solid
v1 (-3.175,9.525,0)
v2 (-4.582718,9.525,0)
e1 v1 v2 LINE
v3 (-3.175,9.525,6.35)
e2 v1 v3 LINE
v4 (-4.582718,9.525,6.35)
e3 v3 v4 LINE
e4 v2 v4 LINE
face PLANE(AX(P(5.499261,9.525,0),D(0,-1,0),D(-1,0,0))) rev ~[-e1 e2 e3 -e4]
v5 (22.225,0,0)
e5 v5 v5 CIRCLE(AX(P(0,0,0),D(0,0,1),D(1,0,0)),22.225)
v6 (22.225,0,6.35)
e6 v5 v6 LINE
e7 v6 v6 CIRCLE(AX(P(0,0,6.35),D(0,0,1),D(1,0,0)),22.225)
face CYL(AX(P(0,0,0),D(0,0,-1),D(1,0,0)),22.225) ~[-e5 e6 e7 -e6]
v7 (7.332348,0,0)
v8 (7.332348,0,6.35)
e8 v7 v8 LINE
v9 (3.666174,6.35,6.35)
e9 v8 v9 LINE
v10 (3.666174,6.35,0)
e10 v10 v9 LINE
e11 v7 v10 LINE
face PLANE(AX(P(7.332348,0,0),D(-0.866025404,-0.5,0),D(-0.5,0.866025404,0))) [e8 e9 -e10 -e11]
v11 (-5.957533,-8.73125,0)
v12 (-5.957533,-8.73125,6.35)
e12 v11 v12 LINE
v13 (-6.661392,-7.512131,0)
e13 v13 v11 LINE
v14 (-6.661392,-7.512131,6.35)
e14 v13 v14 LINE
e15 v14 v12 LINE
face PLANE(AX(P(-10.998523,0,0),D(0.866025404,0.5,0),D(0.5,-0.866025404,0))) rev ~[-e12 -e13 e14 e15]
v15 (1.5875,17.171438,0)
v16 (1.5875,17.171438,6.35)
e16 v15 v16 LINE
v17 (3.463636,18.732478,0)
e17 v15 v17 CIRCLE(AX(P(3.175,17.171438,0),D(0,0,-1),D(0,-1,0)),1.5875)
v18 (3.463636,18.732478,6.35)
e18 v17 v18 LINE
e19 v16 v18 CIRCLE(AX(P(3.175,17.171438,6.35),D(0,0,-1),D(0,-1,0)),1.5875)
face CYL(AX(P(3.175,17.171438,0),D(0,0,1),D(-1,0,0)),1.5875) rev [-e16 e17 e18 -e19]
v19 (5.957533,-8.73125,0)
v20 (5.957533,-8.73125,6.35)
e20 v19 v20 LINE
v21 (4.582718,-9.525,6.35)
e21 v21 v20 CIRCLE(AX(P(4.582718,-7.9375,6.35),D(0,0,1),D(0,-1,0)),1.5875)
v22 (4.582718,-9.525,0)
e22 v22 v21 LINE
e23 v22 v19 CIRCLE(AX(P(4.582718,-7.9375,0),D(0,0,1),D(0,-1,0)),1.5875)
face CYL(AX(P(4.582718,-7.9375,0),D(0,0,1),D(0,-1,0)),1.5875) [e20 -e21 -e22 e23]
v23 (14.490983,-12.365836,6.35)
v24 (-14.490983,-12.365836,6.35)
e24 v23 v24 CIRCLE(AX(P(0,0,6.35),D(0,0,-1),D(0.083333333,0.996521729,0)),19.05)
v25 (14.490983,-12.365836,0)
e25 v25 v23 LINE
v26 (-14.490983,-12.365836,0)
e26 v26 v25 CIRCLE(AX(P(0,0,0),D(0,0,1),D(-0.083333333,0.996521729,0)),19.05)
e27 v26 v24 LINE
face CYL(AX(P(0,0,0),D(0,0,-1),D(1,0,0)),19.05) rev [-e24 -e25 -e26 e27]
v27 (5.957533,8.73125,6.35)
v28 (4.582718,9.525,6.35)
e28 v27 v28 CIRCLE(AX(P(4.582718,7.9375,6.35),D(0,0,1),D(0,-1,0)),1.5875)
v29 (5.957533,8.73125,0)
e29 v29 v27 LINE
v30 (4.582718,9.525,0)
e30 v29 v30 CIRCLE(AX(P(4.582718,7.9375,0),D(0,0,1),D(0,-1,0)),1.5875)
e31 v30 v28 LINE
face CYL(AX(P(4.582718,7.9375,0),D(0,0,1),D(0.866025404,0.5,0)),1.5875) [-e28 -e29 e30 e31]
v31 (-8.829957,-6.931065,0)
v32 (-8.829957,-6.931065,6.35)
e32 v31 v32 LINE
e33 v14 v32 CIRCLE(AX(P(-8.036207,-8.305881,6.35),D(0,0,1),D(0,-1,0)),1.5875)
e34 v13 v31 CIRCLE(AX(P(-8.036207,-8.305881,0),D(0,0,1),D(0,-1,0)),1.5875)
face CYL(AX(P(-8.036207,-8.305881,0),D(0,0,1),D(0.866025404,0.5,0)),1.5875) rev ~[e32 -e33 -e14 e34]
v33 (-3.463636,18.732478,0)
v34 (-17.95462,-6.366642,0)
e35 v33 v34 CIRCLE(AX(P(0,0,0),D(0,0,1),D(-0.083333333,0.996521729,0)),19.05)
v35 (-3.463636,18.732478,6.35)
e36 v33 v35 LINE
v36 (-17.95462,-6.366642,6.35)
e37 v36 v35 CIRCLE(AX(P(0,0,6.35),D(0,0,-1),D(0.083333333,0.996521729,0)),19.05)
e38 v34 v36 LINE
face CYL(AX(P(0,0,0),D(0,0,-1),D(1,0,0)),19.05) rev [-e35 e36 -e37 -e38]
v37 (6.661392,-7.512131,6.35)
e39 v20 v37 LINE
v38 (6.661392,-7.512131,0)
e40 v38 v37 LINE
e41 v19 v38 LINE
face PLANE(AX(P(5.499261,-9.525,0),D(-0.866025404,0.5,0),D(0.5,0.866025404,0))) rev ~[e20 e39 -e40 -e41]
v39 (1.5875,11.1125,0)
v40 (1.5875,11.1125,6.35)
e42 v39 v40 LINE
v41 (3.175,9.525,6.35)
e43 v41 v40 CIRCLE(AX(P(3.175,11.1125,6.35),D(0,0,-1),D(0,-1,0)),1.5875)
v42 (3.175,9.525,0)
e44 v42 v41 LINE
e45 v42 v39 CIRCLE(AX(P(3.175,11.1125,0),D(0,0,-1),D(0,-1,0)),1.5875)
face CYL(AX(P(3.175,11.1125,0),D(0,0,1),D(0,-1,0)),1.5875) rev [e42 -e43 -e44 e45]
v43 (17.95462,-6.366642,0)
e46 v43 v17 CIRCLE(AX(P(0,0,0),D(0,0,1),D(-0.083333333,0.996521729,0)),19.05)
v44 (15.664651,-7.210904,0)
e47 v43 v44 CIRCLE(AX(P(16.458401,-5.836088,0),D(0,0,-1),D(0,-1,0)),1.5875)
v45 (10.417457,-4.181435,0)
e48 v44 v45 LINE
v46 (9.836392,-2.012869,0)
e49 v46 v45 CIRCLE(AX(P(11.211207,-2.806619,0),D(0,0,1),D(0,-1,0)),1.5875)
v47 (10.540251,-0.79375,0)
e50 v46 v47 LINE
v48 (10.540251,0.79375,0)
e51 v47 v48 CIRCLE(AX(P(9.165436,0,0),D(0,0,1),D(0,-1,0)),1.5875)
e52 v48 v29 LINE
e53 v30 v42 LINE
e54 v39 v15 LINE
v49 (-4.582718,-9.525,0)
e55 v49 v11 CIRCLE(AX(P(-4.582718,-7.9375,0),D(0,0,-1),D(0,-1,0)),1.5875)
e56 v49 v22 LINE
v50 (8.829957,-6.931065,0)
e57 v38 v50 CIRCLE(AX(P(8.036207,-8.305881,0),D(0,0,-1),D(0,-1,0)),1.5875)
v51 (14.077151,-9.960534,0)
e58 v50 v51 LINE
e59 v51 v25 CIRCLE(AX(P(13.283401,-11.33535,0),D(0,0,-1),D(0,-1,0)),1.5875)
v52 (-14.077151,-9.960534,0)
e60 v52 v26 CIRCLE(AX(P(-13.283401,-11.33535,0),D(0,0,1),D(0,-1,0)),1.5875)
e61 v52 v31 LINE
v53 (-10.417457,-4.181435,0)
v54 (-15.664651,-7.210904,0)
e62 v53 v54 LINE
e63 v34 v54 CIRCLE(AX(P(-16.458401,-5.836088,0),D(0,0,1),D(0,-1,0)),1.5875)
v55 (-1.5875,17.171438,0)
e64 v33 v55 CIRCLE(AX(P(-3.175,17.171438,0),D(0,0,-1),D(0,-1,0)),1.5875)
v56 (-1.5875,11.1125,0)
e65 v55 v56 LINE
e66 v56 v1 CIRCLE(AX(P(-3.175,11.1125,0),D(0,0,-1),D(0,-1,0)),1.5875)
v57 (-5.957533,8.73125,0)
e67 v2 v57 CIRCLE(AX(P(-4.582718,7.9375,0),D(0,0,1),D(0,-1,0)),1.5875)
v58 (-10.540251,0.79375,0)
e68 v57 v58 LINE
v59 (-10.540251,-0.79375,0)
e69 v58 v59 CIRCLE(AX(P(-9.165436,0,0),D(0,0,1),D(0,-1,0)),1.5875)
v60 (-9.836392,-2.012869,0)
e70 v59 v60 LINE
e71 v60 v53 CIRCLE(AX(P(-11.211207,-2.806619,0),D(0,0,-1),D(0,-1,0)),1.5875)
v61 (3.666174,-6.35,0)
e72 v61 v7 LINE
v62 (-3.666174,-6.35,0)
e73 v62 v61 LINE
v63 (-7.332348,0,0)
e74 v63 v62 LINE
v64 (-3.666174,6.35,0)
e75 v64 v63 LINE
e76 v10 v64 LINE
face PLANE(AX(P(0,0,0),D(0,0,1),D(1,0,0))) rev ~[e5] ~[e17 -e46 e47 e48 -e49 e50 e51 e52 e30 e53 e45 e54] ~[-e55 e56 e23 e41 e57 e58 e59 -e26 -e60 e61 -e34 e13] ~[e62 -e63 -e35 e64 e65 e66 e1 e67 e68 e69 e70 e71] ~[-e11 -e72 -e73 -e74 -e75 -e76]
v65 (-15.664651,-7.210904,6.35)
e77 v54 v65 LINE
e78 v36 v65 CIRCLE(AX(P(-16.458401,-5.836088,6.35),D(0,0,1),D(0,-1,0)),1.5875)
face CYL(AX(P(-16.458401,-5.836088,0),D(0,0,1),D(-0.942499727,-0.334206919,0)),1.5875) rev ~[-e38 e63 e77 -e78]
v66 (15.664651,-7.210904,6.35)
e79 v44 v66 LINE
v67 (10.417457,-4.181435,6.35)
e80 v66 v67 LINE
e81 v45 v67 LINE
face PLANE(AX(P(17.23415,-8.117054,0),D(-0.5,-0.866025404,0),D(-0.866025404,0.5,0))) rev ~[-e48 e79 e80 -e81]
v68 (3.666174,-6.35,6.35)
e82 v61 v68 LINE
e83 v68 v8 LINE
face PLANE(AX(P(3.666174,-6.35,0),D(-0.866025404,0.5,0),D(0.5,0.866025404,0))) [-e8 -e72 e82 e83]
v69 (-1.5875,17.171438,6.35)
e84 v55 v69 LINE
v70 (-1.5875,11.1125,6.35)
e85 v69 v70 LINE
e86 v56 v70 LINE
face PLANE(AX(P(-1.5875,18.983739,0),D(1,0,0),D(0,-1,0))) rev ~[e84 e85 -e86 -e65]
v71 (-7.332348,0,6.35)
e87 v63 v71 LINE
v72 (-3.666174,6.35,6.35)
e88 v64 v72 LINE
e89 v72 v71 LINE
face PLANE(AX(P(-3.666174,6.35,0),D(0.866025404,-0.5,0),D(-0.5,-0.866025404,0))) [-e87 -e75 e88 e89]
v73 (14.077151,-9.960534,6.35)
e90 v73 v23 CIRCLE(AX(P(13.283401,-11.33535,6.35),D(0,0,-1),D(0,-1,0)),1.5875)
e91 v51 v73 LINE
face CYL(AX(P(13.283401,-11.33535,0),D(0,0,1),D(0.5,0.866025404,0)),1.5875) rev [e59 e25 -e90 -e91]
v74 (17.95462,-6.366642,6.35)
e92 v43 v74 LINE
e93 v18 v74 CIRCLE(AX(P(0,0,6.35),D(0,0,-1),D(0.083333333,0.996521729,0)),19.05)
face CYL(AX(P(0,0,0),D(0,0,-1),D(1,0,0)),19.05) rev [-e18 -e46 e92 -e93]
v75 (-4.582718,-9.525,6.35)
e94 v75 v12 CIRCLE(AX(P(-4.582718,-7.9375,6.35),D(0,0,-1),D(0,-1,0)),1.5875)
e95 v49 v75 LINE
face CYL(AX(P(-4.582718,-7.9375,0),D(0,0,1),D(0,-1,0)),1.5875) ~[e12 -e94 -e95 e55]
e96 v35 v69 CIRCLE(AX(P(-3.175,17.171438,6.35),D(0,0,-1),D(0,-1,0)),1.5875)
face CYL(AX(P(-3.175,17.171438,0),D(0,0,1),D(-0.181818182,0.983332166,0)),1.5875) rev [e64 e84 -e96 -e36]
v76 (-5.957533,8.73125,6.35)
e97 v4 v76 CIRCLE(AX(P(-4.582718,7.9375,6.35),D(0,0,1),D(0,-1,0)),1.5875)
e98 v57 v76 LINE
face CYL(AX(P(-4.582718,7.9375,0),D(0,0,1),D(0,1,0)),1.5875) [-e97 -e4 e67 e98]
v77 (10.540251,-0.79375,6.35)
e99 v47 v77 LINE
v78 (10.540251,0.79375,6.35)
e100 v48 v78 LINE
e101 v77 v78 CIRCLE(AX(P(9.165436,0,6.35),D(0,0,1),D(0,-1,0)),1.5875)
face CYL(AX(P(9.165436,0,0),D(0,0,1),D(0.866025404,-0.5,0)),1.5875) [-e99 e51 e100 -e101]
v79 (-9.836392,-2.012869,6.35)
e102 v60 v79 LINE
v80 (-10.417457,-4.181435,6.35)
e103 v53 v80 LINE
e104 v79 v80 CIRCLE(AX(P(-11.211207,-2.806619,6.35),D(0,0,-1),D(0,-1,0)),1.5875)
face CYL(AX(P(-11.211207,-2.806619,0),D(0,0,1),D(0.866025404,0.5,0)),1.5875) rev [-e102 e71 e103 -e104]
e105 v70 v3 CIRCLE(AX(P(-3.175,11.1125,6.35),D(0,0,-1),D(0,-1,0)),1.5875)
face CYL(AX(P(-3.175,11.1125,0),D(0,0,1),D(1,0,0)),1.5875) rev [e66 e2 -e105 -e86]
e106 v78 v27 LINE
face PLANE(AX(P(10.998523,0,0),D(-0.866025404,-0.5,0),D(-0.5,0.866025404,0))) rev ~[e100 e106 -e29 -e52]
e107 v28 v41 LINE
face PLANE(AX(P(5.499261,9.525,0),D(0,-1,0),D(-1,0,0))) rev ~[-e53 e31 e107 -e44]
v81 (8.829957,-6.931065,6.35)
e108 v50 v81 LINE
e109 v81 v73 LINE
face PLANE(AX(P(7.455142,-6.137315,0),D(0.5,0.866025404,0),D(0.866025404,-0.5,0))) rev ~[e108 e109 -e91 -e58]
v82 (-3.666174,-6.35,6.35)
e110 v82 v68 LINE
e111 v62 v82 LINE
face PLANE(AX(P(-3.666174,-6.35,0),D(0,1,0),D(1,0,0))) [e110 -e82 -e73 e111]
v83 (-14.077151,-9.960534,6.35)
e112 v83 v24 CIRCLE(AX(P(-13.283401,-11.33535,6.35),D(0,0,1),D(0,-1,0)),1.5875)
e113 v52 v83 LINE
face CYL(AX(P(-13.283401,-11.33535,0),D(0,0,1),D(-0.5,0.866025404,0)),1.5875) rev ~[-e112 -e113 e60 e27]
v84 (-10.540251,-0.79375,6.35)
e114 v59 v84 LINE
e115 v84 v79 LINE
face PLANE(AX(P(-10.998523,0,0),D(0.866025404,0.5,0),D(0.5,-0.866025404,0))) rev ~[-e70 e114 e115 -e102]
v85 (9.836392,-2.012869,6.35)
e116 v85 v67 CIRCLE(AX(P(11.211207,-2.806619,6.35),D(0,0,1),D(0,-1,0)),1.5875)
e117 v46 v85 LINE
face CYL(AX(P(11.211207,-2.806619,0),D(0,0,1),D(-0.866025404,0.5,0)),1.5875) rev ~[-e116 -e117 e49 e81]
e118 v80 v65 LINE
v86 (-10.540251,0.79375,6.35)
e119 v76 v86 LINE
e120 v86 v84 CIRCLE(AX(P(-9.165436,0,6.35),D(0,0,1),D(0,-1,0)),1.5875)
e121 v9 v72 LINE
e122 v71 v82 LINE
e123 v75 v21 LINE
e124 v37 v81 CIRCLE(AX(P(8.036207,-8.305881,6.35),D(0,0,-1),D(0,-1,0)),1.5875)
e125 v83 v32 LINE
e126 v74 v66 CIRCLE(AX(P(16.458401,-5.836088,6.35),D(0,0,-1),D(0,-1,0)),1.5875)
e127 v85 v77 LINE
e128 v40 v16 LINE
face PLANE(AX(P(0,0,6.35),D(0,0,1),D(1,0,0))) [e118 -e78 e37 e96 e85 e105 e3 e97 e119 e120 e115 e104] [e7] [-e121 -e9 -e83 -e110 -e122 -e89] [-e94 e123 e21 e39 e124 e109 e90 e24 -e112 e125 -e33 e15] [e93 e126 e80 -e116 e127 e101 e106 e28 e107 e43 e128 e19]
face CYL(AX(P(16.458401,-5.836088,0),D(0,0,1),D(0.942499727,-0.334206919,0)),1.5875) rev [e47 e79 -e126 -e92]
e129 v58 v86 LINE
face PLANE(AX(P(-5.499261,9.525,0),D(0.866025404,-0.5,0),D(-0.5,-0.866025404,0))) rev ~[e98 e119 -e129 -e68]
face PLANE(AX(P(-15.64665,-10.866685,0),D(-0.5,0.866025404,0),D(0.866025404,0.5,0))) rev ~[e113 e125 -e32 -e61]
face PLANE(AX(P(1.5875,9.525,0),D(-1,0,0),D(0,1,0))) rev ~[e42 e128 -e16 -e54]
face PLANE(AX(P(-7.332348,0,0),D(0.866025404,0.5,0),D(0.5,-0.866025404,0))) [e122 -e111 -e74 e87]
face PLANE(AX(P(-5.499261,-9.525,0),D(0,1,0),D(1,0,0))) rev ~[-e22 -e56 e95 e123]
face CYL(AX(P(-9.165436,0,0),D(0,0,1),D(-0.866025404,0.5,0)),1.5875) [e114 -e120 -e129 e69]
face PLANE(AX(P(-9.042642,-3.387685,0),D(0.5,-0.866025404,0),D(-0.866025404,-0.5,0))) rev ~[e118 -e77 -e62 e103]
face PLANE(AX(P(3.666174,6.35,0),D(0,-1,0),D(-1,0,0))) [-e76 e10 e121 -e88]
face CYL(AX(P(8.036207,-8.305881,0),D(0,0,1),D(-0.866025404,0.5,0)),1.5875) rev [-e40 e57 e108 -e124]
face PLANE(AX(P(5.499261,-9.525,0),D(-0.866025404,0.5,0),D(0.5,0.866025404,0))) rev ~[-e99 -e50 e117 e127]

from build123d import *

# Parameters (mm, degrees)
SKETCH1_R             = 22.225
SKETCH1_R_2           = 19.05
BOSS_EXTRUDE1_DEPTH   = 6.35
BOSS_EXTRUDE1_2_DEPTH = 6.35
BOSS_EXTRUDE2_DEPTH   = 6.35
CIRPATTERN1_COUNT     = 3
FILLET2_R             = 1.5875


with BuildPart() as part:
    # Sketch1 → Boss-Extrude1 (new body)
    with BuildSketch(Plane.XY):
        Circle(SKETCH1_R)
        Circle(SKETCH1_R_2, mode=Mode.SUBTRACT)
    extrude(amount=BOSS_EXTRUDE1_DEPTH)



with BuildPart() as body_2:
    # Sketch1 → Boss-Extrude1 2 (new body)
    with BuildSketch(Plane.XY):
        Polygon((-5.499261314, -9.525), (5.499261314, -9.525), (10.998522628, 0), (5.499261314, 9.525), (-5.499261314, 9.525), (-10.998522628, 0), align=None)
        Polygon((3.666174209, -6.35), (7.332348419, 0), (3.666174209, 6.35), (-3.666174209, 6.35), (-7.332348419, 0), (-3.666174209, -6.35), align=None, mode=Mode.SUBTRACT)
    extrude(amount=BOSS_EXTRUDE1_2_DEPTH)


with BuildPart() as part_1:
    add(part.part)

    add(body_2.part)  # Boss-Extrude2 merges body 2
    # Sketch4 → Boss-Extrude2 (add)
    with BuildSketch(Plane.XY):
        with BuildLine():
            Line((-1.5875, 18.98373893), (-1.5875, 9.525))
            Line((-1.5875, 9.525), (1.5875, 9.525))
            Line((1.5875, 9.525), (1.5875, 18.98373893))
            ThreePointArc((1.5875, 18.98373893), (0, 19.05), (-1.5875, 18.98373893))
        make_face()
    boss_extrude2 = extrude(amount=BOSS_EXTRUDE2_DEPTH)

    # CirPattern1: Boss-Extrude2 ×3 about axis
    cirpattern1_axis = Axis((0, 0, 0), (0, 0, 1))
    for i in range(1, CIRPATTERN1_COUNT):
        add(boss_extrude2.rotate(cirpattern1_axis, i * 360 / CIRPATTERN1_COUNT))

    # Fillet2
    fillet2_edges = [part_1.edges().sort_by_distance(p)[0] for p in [
        (-5.499261314, -9.525, 3.175),
        (-10.998522628, 0, 3.175),
        (-5.499261314, 9.525, 3.175),
        (5.499261314, 9.525, 3.175),
        (10.998522628, 0, 3.175),
        (5.499261314, -9.525, 3.175),
        (1.5875, 18.98373893, 3.175),
        (-1.5875, 18.98373893, 3.175),
        (-1.5875, 9.525, 3.175),
        (1.5875, 9.525, 3.175),
        (-17.234150172, -8.117054136, 3.175),
        (-15.646650172, -10.866684793, 3.175),
        (-7.455141971, -6.137315329, 3.175),
        (-9.042641971, -3.387684671, 3.175),
        (15.646650172, -10.866684793, 3.175),
        (17.234150172, -8.117054136, 3.175),
        (9.042641971, -3.387684671, 3.175),
        (7.455141971, -6.137315329, 3.175),
    ]]
    fillet(fillet2_edges, radius=FILLET2_R)


solid = part_1.part
